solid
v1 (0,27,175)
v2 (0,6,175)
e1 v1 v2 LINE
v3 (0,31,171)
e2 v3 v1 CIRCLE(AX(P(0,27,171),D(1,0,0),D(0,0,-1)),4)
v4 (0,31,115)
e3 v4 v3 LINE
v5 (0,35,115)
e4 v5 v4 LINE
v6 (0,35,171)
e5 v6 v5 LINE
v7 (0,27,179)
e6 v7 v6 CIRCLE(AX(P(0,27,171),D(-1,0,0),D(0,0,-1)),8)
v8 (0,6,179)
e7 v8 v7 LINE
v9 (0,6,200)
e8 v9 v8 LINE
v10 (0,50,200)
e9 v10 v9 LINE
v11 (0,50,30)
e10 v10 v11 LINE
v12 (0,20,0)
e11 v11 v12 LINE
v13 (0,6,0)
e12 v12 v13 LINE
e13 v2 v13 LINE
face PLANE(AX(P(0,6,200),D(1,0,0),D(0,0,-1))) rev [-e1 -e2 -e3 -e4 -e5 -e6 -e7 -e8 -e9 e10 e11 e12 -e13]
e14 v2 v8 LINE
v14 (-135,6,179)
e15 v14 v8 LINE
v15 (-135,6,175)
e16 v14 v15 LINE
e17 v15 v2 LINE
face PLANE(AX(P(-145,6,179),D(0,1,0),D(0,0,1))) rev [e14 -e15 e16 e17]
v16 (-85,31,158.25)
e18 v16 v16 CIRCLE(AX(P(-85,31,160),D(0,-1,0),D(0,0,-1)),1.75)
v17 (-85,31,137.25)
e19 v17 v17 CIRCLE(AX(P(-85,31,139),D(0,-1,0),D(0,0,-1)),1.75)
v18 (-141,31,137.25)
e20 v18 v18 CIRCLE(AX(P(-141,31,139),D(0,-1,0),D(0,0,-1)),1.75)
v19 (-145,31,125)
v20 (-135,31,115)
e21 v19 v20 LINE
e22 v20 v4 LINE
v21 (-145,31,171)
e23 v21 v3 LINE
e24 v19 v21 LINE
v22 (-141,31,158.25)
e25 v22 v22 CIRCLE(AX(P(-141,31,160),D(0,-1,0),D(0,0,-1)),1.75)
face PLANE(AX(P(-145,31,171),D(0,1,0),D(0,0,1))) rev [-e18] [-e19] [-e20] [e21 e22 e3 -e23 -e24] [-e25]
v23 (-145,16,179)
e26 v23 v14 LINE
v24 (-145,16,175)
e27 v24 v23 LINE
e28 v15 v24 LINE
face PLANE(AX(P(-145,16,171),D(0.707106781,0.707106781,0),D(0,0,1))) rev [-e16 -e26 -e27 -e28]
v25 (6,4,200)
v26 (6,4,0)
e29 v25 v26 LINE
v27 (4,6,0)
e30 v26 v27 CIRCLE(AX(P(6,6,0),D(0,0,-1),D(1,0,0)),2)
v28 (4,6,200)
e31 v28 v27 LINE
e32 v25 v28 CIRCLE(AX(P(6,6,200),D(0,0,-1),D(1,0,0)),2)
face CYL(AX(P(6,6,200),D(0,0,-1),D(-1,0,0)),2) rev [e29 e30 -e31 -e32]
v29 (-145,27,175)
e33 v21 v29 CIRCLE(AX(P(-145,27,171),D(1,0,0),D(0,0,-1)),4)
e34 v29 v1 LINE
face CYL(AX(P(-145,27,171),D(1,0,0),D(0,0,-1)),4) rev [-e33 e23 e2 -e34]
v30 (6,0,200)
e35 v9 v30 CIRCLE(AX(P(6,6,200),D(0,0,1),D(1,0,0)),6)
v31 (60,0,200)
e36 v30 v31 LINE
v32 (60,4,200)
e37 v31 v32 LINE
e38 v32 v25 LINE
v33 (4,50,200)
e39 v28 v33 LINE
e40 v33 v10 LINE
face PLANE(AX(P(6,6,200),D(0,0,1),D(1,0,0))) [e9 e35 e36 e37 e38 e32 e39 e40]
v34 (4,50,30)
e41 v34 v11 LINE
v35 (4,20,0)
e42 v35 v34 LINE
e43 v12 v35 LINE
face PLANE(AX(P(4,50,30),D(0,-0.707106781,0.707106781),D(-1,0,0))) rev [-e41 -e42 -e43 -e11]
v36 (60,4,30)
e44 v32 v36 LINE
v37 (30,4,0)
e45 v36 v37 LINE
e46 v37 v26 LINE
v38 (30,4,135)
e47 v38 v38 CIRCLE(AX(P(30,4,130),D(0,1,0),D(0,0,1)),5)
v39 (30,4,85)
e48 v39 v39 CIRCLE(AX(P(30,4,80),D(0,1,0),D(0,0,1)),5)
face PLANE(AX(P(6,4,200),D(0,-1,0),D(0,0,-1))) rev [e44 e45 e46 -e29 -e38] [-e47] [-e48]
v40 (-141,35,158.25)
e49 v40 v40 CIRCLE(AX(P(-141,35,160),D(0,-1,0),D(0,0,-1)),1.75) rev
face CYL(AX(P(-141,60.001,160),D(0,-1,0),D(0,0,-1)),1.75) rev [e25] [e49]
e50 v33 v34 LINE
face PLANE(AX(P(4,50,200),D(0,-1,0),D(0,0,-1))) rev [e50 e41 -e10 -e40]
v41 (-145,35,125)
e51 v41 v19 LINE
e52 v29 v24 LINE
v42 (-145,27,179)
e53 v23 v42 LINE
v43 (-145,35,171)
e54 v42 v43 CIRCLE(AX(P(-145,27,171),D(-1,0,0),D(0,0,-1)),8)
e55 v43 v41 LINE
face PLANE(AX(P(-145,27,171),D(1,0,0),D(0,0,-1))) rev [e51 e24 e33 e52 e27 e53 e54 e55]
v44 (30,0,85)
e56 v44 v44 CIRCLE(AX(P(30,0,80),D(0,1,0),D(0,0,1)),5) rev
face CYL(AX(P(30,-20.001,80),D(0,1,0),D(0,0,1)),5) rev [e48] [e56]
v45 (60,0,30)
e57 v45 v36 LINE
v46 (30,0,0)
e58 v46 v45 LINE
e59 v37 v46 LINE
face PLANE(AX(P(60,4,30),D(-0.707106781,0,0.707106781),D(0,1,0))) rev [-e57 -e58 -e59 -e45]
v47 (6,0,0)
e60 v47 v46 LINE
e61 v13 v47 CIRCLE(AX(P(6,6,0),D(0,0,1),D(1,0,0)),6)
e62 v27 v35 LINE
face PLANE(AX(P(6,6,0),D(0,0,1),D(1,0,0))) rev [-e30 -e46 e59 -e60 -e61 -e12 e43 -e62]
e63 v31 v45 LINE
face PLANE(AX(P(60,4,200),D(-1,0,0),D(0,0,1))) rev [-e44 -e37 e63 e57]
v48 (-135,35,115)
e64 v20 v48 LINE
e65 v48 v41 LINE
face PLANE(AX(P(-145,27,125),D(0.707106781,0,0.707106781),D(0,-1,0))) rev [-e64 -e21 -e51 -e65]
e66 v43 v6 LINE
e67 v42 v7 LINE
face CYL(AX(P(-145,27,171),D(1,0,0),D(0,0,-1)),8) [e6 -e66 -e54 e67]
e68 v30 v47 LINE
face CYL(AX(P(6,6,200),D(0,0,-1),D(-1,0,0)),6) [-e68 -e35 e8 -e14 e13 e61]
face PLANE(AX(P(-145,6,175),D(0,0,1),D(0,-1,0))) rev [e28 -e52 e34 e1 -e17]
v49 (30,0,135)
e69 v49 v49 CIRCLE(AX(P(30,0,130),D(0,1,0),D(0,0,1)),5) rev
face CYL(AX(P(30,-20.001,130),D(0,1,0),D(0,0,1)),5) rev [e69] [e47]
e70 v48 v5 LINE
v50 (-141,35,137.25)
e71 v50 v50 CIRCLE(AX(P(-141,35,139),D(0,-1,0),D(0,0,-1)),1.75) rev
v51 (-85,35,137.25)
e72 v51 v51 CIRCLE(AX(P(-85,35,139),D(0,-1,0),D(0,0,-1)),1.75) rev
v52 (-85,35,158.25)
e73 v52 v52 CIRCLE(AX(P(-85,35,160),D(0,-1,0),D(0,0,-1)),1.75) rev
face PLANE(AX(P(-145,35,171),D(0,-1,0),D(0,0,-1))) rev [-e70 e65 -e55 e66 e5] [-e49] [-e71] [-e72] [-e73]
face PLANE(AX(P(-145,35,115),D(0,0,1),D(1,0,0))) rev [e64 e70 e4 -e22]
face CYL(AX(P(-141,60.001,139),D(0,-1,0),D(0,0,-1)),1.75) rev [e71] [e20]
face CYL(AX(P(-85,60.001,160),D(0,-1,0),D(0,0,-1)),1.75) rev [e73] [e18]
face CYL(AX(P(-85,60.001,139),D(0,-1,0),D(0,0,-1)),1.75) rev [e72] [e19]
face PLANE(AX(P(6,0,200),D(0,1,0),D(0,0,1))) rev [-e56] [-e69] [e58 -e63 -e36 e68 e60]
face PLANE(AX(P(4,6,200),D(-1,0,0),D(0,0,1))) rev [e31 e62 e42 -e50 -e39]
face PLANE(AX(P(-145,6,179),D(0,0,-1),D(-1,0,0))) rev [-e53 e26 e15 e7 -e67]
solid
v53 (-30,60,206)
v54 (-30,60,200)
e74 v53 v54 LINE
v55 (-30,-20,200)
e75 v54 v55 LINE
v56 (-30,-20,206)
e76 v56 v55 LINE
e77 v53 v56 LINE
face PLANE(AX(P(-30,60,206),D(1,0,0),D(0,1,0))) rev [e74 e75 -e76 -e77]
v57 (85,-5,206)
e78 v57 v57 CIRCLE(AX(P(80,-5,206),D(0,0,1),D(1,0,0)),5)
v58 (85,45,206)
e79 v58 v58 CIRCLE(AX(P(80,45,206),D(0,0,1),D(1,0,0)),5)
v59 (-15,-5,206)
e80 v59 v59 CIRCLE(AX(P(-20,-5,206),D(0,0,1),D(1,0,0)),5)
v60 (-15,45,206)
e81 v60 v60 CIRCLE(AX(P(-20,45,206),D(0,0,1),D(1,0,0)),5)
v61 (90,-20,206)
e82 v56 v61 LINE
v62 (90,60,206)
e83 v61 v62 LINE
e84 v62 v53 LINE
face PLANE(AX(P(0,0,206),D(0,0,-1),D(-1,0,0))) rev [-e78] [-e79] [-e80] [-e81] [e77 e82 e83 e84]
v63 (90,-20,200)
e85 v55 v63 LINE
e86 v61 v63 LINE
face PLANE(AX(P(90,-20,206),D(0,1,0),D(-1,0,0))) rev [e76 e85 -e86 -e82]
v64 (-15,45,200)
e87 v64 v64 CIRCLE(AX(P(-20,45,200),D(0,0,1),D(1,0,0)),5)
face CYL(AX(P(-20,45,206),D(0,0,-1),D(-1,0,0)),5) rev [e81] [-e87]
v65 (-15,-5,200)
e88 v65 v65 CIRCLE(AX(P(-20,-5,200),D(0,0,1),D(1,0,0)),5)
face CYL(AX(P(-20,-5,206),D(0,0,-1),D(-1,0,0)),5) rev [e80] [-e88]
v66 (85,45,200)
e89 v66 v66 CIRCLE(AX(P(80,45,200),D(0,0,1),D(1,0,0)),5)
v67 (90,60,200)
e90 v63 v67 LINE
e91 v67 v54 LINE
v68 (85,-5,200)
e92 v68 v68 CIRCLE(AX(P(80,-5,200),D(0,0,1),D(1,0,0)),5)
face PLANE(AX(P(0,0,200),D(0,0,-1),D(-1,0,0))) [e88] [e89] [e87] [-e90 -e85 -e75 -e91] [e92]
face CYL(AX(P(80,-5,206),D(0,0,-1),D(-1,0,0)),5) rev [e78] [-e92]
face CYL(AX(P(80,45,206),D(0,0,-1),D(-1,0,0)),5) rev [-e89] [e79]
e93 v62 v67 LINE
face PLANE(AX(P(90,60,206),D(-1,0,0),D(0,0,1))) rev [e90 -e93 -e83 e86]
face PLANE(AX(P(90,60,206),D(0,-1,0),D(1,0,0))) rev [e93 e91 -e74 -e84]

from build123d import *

# Parameters (mm, degrees)
EXTRUDE_1_DEPTH     = 200
SKETCH_2_W          = 120
SKETCH_2_H          = 80
SKETCH_2_R          = 5
EXTRUDE_2_DEPTH     = 6
CHAMFER_1_SIZE      = 30
SKETCH_3_R          = 5
CUT_EXTRUDE_1_DEPTH = 4
EXTRUDE_3_DEPTH     = 145
CHAMFER_2_SIZE      = 10
SKETCH_7_R          = 1.75
CUT_EXTRUDE_2_DEPTH = 4


with BuildPart() as part:
    # 草图1 → 凸台-拉伸1 (new body)
    with BuildSketch(Plane.XY):
        with BuildLine():
            Line((0, 6), (0, 50))
            Line((0, 50), (4, 50))
            Line((4, 50), (4, 6))
            ThreePointArc((4, 6), (4.585786438, 4.585786438), (6, 4))
            Line((6, 4), (60, 4))
            Line((60, 4), (60, 0))
            Line((60, 0), (6, 0))
            ThreePointArc((6, 0), (1.757359313, 1.757359313), (0, 6))
        make_face()
    extrude(amount=EXTRUDE_1_DEPTH)

    # 倒角1
    chamfer_1_edges = [part.edges().sort_by_distance(p)[0] for p in [
        (2, 50, 0),
        (60, 2, 0),
    ]]
    chamfer(chamfer_1_edges, length=CHAMFER_1_SIZE)

    # 草图3 → 切除-拉伸1 (cut)
    with BuildSketch(Plane(origin=(0, 4, 0), x_dir=(1, 0, 0), z_dir=(0, 1, 0))):
        with Locations((30, -130)):
            Circle(SKETCH_3_R)
        with Locations((30, -80)):
            Circle(SKETCH_3_R)
    extrude(amount=-CUT_EXTRUDE_1_DEPTH, mode=Mode.SUBTRACT)

    # 草图4 → 凸台-拉伸3 (add)
    with BuildSketch(Plane.ZY):
        with BuildLine():
            Line((179, 6), (175, 6))
            Line((175, 6), (175, 27))
            ThreePointArc((175, 27), (173.828427125, 29.828427125), (171, 31))
            Line((171, 31), (115, 31))
            Line((115, 31), (115, 35))
            Line((115, 35), (171, 35))
            ThreePointArc((171, 35), (176.656854249, 32.656854249), (179, 27))
            Line((179, 27), (179, 6))
        make_face()
    extrude(amount=EXTRUDE_3_DEPTH)

    # 倒角2
    chamfer_2_edges = [part.edges().sort_by_distance(p)[0] for p in [
        (-145, 6, 177),
        (-145, 33, 115),
    ]]
    chamfer(chamfer_2_edges, length=CHAMFER_2_SIZE)

    # 草图7 → 切除-拉伸2 (cut)
    with BuildSketch(Plane.XZ.offset(-31)):
        with Locations((-141, 160)):
            Circle(SKETCH_7_R)
        with Locations((-141, 139)):
            Circle(SKETCH_7_R)
        with Locations((-85, 139)):
            Circle(SKETCH_7_R)
        with Locations((-85, 160)):
            Circle(SKETCH_7_R)
    extrude(amount=-CUT_EXTRUDE_2_DEPTH, mode=Mode.SUBTRACT)


with BuildPart() as body_2:
    # 草图2 → 凸台-拉伸2 (new body)
    with BuildSketch(Plane.XY.offset(200)):
        with Locations((30, 20)):
            Rectangle(SKETCH_2_W, SKETCH_2_H)
        with Locations((-20, 45)):
            Circle(SKETCH_2_R, mode=Mode.SUBTRACT)
        with Locations((80, 45)):
            Circle(SKETCH_2_R, mode=Mode.SUBTRACT)
        with Locations((-20, -5)):
            Circle(SKETCH_2_R, mode=Mode.SUBTRACT)
        with Locations((80, -5)):
            Circle(SKETCH_2_R, mode=Mode.SUBTRACT)
    extrude(amount=EXTRUDE_2_DEPTH)


solid = Compound([part.part, body_2.part])
